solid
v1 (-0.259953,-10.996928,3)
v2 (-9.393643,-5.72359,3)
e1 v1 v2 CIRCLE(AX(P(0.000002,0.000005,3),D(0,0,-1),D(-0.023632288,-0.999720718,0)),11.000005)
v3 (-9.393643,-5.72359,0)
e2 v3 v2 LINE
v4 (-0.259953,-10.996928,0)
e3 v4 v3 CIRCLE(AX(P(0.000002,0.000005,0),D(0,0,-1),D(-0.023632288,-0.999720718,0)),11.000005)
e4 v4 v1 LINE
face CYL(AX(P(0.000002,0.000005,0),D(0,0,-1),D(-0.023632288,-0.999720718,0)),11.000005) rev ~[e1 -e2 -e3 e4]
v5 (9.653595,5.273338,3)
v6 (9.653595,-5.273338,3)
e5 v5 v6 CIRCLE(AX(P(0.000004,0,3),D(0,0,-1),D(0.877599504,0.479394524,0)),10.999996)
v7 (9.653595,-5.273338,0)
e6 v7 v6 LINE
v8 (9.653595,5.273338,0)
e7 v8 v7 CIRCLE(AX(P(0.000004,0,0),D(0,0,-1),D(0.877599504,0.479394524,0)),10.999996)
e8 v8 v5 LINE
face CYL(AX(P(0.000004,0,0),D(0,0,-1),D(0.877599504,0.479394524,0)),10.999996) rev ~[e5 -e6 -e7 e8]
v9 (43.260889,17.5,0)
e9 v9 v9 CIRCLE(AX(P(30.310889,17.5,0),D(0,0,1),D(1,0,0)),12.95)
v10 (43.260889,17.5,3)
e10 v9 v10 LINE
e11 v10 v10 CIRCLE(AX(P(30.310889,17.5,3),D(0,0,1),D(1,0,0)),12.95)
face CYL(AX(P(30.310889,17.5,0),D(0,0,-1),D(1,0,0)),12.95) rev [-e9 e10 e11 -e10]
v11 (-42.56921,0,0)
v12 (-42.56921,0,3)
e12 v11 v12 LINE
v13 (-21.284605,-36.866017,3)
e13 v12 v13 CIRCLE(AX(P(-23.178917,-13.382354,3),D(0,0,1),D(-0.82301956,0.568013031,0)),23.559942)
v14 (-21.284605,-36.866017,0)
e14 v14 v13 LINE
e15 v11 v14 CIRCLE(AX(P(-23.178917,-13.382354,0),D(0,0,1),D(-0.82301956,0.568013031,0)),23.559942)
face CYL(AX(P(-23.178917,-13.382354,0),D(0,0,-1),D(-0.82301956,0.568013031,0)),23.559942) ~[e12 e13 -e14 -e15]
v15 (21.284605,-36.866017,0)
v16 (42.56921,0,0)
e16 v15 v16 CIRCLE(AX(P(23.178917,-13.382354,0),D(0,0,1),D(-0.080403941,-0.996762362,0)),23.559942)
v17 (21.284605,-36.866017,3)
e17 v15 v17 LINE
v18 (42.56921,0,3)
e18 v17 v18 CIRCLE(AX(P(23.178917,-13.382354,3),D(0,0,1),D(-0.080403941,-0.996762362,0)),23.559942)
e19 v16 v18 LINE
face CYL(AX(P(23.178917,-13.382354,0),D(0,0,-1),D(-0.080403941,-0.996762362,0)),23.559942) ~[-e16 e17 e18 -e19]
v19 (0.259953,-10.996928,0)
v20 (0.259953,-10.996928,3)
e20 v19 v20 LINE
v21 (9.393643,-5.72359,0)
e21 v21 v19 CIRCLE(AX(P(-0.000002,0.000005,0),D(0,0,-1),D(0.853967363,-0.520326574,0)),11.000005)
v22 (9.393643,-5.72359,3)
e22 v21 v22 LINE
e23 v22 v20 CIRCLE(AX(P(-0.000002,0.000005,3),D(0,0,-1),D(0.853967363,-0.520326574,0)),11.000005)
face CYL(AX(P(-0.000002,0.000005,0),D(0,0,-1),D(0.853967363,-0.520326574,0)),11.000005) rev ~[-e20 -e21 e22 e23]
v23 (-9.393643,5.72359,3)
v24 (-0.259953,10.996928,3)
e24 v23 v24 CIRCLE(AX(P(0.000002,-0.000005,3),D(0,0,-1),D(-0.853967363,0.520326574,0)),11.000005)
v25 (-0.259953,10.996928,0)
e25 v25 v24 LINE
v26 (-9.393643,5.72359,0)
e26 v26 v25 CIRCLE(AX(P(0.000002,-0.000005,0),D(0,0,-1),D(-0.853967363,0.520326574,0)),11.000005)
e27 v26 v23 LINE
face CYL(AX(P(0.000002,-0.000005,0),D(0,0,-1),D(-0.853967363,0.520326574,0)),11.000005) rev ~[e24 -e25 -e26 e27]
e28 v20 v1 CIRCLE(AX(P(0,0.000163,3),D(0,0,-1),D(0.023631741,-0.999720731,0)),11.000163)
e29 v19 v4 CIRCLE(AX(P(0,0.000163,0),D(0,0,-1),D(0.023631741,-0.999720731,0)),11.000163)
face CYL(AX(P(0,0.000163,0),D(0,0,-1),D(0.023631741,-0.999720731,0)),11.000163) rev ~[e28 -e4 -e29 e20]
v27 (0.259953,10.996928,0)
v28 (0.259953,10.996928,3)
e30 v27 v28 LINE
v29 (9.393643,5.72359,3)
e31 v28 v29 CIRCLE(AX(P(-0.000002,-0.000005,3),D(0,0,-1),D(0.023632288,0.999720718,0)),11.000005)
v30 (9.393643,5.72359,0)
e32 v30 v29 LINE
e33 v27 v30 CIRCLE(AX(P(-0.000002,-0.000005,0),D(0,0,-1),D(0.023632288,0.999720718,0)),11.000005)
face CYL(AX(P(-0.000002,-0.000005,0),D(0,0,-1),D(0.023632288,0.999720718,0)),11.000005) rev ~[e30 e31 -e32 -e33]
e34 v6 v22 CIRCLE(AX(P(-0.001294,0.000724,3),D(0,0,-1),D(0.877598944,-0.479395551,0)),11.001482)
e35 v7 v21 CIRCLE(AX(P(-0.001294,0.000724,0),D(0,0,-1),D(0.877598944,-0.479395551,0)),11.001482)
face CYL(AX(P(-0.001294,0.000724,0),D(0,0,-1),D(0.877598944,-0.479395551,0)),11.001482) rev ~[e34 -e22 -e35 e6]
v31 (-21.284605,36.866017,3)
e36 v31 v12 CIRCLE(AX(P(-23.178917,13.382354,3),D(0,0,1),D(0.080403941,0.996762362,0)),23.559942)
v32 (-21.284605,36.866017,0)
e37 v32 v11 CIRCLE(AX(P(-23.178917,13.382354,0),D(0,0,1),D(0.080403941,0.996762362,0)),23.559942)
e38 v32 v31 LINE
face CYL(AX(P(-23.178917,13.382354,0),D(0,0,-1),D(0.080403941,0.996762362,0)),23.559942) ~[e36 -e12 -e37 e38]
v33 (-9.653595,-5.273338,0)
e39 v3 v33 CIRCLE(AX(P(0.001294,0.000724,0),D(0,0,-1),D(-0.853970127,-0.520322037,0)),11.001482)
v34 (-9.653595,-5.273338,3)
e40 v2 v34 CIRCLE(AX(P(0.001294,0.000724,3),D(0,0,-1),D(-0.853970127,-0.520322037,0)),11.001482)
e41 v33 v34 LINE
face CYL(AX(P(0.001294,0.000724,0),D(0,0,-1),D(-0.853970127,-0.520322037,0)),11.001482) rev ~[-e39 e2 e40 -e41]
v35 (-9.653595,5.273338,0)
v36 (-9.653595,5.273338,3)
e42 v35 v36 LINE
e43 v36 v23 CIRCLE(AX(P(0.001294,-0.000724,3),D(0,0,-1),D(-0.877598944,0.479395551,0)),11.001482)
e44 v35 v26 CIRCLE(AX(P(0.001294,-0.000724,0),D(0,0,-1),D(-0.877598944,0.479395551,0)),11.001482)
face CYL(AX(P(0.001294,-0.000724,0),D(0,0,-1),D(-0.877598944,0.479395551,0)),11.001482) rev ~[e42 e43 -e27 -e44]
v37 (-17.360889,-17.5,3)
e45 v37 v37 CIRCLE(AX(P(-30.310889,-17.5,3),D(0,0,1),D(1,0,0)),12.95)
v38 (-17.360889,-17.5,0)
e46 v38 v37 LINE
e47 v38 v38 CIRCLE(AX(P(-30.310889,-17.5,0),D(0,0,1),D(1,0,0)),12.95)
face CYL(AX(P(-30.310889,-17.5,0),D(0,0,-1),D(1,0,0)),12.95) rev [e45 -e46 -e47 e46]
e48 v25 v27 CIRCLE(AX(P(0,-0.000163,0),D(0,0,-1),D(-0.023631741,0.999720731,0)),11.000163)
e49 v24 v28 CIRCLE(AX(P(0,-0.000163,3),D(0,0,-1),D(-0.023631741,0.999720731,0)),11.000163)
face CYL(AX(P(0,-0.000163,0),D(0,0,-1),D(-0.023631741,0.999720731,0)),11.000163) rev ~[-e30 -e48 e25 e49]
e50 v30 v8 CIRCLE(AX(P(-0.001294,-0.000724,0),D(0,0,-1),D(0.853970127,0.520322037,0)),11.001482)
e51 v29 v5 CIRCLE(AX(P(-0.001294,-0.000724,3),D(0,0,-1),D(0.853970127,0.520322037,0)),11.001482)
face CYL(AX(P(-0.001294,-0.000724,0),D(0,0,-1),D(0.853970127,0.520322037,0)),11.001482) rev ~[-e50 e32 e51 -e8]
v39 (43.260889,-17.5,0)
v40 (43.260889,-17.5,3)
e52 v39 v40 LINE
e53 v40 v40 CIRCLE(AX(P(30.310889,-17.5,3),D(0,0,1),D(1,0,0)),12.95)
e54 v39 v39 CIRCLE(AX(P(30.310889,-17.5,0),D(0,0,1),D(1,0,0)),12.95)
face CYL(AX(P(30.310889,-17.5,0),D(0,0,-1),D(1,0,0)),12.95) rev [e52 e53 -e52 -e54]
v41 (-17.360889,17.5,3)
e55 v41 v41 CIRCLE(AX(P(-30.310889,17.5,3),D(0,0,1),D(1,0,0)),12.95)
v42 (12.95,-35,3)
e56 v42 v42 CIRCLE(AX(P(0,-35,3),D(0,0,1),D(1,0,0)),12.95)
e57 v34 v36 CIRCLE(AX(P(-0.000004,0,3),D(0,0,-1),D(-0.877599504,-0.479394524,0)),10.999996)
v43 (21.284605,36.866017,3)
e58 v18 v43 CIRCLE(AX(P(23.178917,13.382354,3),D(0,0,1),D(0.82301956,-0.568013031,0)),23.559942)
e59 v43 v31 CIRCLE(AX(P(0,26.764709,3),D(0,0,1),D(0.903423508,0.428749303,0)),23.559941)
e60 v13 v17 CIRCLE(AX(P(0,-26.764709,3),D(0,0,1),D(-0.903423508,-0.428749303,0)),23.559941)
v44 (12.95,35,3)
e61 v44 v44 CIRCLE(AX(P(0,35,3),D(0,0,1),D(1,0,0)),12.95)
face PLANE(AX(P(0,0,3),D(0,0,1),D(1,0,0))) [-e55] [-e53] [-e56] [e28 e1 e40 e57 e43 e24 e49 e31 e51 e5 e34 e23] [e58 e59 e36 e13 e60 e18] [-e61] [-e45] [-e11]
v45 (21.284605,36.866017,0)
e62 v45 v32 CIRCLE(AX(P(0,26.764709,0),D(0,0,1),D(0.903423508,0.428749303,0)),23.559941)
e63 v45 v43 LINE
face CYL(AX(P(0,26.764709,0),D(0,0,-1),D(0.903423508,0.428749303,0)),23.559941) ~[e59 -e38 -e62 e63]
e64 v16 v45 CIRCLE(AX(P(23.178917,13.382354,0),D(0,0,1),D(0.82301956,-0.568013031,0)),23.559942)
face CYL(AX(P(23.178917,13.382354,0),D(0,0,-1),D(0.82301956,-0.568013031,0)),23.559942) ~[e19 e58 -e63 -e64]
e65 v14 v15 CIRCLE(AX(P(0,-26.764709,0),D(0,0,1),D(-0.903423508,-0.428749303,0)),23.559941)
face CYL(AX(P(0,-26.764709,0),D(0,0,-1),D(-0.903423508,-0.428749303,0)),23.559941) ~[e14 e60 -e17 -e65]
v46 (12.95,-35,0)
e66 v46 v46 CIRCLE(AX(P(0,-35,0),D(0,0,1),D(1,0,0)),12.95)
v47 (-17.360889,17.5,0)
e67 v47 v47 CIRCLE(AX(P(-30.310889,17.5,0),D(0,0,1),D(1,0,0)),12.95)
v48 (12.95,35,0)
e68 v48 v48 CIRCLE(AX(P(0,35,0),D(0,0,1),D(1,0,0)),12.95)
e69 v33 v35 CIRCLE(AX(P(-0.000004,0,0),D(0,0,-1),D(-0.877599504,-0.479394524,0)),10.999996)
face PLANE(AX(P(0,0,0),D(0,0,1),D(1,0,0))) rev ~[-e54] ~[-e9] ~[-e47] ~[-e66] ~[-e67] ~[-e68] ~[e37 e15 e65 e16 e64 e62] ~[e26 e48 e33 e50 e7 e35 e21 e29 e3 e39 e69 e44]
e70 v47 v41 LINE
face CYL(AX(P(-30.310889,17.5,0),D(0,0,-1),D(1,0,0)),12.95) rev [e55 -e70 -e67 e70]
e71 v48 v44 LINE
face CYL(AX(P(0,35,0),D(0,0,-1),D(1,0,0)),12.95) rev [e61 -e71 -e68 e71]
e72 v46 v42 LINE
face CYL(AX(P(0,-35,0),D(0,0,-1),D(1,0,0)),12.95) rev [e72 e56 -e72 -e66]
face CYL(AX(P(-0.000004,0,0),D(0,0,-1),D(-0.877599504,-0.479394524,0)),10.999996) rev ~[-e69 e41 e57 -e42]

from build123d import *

# Parameters (mm, degrees)
F0_R     = 12.95
F1_DEPTH = 3


with BuildPart() as f1:
    # F0 (on Top) → F1 (new body)
    with BuildSketch(Plane.XY):
        with BuildLine():
            ThreePointArc((42.56921, 0), (43.582425, 25.162325), (21.284605, 36.866017))
            ThreePointArc((21.284605, 36.866017), (0, 50.32465), (-21.284605, 36.866017))
            ThreePointArc((-21.284605, 36.866017), (-43.582425, 25.162325), (-42.56921, 0))
            ThreePointArc((-42.56921, 0), (-43.582425, -25.162325), (-21.284605, -36.866017))
            ThreePointArc((-21.284605, -36.866017), (0, -50.32465), (21.284605, -36.866017))
            ThreePointArc((21.284605, -36.866017), (43.582425, -25.162325), (42.56921, 0))
        make_face()
        with Locations((0, -35)):
            Circle(F0_R, mode=Mode.SUBTRACT)
        with Locations((-30.310889, -17.5)):
            Circle(F0_R, mode=Mode.SUBTRACT)
        with Locations((30.310889, -17.5)):
            Circle(F0_R, mode=Mode.SUBTRACT)
        with Locations((-30.310889, 17.5)):
            Circle(F0_R, mode=Mode.SUBTRACT)
        with BuildLine():
            ThreePointArc((9.393643, 5.72359), (9.526279, 5.5), (9.653595, 5.273338))
            ThreePointArc((9.653595, 5.273338), (11, 0), (9.653595, -5.273338))
            ThreePointArc((9.653595, -5.273338), (9.526279, -5.5), (9.393643, -5.72359))
            ThreePointArc((9.393643, -5.72359), (5.5, -9.526279), (0.259953, -10.996928))
            ThreePointArc((0.259953, -10.996928), (0, -11), (-0.259953, -10.996928))
            ThreePointArc((-0.259953, -10.996928), (-5.5, -9.526279), (-9.393643, -5.72359))
            ThreePointArc((-9.393643, -5.72359), (-9.526279, -5.5), (-9.653595, -5.273338))
            ThreePointArc((-9.653595, -5.273338), (-11, 0), (-9.653595, 5.273338))
            ThreePointArc((-9.653595, 5.273338), (-9.526279, 5.5), (-9.393643, 5.72359))
            ThreePointArc((-9.393643, 5.72359), (-5.5, 9.526279), (-0.259953, 10.996928))
            ThreePointArc((-0.259953, 10.996928), (0, 11), (0.259953, 10.996928))
            ThreePointArc((0.259953, 10.996928), (5.5, 9.526279), (9.393643, 5.72359))
        make_face(mode=Mode.SUBTRACT)
        with Locations((0, 35)):
            Circle(F0_R, mode=Mode.SUBTRACT)
        with Locations((30.310889, 17.5)):
            Circle(F0_R, mode=Mode.SUBTRACT)
    extrude(amount=F1_DEPTH)


solid = f1.part
